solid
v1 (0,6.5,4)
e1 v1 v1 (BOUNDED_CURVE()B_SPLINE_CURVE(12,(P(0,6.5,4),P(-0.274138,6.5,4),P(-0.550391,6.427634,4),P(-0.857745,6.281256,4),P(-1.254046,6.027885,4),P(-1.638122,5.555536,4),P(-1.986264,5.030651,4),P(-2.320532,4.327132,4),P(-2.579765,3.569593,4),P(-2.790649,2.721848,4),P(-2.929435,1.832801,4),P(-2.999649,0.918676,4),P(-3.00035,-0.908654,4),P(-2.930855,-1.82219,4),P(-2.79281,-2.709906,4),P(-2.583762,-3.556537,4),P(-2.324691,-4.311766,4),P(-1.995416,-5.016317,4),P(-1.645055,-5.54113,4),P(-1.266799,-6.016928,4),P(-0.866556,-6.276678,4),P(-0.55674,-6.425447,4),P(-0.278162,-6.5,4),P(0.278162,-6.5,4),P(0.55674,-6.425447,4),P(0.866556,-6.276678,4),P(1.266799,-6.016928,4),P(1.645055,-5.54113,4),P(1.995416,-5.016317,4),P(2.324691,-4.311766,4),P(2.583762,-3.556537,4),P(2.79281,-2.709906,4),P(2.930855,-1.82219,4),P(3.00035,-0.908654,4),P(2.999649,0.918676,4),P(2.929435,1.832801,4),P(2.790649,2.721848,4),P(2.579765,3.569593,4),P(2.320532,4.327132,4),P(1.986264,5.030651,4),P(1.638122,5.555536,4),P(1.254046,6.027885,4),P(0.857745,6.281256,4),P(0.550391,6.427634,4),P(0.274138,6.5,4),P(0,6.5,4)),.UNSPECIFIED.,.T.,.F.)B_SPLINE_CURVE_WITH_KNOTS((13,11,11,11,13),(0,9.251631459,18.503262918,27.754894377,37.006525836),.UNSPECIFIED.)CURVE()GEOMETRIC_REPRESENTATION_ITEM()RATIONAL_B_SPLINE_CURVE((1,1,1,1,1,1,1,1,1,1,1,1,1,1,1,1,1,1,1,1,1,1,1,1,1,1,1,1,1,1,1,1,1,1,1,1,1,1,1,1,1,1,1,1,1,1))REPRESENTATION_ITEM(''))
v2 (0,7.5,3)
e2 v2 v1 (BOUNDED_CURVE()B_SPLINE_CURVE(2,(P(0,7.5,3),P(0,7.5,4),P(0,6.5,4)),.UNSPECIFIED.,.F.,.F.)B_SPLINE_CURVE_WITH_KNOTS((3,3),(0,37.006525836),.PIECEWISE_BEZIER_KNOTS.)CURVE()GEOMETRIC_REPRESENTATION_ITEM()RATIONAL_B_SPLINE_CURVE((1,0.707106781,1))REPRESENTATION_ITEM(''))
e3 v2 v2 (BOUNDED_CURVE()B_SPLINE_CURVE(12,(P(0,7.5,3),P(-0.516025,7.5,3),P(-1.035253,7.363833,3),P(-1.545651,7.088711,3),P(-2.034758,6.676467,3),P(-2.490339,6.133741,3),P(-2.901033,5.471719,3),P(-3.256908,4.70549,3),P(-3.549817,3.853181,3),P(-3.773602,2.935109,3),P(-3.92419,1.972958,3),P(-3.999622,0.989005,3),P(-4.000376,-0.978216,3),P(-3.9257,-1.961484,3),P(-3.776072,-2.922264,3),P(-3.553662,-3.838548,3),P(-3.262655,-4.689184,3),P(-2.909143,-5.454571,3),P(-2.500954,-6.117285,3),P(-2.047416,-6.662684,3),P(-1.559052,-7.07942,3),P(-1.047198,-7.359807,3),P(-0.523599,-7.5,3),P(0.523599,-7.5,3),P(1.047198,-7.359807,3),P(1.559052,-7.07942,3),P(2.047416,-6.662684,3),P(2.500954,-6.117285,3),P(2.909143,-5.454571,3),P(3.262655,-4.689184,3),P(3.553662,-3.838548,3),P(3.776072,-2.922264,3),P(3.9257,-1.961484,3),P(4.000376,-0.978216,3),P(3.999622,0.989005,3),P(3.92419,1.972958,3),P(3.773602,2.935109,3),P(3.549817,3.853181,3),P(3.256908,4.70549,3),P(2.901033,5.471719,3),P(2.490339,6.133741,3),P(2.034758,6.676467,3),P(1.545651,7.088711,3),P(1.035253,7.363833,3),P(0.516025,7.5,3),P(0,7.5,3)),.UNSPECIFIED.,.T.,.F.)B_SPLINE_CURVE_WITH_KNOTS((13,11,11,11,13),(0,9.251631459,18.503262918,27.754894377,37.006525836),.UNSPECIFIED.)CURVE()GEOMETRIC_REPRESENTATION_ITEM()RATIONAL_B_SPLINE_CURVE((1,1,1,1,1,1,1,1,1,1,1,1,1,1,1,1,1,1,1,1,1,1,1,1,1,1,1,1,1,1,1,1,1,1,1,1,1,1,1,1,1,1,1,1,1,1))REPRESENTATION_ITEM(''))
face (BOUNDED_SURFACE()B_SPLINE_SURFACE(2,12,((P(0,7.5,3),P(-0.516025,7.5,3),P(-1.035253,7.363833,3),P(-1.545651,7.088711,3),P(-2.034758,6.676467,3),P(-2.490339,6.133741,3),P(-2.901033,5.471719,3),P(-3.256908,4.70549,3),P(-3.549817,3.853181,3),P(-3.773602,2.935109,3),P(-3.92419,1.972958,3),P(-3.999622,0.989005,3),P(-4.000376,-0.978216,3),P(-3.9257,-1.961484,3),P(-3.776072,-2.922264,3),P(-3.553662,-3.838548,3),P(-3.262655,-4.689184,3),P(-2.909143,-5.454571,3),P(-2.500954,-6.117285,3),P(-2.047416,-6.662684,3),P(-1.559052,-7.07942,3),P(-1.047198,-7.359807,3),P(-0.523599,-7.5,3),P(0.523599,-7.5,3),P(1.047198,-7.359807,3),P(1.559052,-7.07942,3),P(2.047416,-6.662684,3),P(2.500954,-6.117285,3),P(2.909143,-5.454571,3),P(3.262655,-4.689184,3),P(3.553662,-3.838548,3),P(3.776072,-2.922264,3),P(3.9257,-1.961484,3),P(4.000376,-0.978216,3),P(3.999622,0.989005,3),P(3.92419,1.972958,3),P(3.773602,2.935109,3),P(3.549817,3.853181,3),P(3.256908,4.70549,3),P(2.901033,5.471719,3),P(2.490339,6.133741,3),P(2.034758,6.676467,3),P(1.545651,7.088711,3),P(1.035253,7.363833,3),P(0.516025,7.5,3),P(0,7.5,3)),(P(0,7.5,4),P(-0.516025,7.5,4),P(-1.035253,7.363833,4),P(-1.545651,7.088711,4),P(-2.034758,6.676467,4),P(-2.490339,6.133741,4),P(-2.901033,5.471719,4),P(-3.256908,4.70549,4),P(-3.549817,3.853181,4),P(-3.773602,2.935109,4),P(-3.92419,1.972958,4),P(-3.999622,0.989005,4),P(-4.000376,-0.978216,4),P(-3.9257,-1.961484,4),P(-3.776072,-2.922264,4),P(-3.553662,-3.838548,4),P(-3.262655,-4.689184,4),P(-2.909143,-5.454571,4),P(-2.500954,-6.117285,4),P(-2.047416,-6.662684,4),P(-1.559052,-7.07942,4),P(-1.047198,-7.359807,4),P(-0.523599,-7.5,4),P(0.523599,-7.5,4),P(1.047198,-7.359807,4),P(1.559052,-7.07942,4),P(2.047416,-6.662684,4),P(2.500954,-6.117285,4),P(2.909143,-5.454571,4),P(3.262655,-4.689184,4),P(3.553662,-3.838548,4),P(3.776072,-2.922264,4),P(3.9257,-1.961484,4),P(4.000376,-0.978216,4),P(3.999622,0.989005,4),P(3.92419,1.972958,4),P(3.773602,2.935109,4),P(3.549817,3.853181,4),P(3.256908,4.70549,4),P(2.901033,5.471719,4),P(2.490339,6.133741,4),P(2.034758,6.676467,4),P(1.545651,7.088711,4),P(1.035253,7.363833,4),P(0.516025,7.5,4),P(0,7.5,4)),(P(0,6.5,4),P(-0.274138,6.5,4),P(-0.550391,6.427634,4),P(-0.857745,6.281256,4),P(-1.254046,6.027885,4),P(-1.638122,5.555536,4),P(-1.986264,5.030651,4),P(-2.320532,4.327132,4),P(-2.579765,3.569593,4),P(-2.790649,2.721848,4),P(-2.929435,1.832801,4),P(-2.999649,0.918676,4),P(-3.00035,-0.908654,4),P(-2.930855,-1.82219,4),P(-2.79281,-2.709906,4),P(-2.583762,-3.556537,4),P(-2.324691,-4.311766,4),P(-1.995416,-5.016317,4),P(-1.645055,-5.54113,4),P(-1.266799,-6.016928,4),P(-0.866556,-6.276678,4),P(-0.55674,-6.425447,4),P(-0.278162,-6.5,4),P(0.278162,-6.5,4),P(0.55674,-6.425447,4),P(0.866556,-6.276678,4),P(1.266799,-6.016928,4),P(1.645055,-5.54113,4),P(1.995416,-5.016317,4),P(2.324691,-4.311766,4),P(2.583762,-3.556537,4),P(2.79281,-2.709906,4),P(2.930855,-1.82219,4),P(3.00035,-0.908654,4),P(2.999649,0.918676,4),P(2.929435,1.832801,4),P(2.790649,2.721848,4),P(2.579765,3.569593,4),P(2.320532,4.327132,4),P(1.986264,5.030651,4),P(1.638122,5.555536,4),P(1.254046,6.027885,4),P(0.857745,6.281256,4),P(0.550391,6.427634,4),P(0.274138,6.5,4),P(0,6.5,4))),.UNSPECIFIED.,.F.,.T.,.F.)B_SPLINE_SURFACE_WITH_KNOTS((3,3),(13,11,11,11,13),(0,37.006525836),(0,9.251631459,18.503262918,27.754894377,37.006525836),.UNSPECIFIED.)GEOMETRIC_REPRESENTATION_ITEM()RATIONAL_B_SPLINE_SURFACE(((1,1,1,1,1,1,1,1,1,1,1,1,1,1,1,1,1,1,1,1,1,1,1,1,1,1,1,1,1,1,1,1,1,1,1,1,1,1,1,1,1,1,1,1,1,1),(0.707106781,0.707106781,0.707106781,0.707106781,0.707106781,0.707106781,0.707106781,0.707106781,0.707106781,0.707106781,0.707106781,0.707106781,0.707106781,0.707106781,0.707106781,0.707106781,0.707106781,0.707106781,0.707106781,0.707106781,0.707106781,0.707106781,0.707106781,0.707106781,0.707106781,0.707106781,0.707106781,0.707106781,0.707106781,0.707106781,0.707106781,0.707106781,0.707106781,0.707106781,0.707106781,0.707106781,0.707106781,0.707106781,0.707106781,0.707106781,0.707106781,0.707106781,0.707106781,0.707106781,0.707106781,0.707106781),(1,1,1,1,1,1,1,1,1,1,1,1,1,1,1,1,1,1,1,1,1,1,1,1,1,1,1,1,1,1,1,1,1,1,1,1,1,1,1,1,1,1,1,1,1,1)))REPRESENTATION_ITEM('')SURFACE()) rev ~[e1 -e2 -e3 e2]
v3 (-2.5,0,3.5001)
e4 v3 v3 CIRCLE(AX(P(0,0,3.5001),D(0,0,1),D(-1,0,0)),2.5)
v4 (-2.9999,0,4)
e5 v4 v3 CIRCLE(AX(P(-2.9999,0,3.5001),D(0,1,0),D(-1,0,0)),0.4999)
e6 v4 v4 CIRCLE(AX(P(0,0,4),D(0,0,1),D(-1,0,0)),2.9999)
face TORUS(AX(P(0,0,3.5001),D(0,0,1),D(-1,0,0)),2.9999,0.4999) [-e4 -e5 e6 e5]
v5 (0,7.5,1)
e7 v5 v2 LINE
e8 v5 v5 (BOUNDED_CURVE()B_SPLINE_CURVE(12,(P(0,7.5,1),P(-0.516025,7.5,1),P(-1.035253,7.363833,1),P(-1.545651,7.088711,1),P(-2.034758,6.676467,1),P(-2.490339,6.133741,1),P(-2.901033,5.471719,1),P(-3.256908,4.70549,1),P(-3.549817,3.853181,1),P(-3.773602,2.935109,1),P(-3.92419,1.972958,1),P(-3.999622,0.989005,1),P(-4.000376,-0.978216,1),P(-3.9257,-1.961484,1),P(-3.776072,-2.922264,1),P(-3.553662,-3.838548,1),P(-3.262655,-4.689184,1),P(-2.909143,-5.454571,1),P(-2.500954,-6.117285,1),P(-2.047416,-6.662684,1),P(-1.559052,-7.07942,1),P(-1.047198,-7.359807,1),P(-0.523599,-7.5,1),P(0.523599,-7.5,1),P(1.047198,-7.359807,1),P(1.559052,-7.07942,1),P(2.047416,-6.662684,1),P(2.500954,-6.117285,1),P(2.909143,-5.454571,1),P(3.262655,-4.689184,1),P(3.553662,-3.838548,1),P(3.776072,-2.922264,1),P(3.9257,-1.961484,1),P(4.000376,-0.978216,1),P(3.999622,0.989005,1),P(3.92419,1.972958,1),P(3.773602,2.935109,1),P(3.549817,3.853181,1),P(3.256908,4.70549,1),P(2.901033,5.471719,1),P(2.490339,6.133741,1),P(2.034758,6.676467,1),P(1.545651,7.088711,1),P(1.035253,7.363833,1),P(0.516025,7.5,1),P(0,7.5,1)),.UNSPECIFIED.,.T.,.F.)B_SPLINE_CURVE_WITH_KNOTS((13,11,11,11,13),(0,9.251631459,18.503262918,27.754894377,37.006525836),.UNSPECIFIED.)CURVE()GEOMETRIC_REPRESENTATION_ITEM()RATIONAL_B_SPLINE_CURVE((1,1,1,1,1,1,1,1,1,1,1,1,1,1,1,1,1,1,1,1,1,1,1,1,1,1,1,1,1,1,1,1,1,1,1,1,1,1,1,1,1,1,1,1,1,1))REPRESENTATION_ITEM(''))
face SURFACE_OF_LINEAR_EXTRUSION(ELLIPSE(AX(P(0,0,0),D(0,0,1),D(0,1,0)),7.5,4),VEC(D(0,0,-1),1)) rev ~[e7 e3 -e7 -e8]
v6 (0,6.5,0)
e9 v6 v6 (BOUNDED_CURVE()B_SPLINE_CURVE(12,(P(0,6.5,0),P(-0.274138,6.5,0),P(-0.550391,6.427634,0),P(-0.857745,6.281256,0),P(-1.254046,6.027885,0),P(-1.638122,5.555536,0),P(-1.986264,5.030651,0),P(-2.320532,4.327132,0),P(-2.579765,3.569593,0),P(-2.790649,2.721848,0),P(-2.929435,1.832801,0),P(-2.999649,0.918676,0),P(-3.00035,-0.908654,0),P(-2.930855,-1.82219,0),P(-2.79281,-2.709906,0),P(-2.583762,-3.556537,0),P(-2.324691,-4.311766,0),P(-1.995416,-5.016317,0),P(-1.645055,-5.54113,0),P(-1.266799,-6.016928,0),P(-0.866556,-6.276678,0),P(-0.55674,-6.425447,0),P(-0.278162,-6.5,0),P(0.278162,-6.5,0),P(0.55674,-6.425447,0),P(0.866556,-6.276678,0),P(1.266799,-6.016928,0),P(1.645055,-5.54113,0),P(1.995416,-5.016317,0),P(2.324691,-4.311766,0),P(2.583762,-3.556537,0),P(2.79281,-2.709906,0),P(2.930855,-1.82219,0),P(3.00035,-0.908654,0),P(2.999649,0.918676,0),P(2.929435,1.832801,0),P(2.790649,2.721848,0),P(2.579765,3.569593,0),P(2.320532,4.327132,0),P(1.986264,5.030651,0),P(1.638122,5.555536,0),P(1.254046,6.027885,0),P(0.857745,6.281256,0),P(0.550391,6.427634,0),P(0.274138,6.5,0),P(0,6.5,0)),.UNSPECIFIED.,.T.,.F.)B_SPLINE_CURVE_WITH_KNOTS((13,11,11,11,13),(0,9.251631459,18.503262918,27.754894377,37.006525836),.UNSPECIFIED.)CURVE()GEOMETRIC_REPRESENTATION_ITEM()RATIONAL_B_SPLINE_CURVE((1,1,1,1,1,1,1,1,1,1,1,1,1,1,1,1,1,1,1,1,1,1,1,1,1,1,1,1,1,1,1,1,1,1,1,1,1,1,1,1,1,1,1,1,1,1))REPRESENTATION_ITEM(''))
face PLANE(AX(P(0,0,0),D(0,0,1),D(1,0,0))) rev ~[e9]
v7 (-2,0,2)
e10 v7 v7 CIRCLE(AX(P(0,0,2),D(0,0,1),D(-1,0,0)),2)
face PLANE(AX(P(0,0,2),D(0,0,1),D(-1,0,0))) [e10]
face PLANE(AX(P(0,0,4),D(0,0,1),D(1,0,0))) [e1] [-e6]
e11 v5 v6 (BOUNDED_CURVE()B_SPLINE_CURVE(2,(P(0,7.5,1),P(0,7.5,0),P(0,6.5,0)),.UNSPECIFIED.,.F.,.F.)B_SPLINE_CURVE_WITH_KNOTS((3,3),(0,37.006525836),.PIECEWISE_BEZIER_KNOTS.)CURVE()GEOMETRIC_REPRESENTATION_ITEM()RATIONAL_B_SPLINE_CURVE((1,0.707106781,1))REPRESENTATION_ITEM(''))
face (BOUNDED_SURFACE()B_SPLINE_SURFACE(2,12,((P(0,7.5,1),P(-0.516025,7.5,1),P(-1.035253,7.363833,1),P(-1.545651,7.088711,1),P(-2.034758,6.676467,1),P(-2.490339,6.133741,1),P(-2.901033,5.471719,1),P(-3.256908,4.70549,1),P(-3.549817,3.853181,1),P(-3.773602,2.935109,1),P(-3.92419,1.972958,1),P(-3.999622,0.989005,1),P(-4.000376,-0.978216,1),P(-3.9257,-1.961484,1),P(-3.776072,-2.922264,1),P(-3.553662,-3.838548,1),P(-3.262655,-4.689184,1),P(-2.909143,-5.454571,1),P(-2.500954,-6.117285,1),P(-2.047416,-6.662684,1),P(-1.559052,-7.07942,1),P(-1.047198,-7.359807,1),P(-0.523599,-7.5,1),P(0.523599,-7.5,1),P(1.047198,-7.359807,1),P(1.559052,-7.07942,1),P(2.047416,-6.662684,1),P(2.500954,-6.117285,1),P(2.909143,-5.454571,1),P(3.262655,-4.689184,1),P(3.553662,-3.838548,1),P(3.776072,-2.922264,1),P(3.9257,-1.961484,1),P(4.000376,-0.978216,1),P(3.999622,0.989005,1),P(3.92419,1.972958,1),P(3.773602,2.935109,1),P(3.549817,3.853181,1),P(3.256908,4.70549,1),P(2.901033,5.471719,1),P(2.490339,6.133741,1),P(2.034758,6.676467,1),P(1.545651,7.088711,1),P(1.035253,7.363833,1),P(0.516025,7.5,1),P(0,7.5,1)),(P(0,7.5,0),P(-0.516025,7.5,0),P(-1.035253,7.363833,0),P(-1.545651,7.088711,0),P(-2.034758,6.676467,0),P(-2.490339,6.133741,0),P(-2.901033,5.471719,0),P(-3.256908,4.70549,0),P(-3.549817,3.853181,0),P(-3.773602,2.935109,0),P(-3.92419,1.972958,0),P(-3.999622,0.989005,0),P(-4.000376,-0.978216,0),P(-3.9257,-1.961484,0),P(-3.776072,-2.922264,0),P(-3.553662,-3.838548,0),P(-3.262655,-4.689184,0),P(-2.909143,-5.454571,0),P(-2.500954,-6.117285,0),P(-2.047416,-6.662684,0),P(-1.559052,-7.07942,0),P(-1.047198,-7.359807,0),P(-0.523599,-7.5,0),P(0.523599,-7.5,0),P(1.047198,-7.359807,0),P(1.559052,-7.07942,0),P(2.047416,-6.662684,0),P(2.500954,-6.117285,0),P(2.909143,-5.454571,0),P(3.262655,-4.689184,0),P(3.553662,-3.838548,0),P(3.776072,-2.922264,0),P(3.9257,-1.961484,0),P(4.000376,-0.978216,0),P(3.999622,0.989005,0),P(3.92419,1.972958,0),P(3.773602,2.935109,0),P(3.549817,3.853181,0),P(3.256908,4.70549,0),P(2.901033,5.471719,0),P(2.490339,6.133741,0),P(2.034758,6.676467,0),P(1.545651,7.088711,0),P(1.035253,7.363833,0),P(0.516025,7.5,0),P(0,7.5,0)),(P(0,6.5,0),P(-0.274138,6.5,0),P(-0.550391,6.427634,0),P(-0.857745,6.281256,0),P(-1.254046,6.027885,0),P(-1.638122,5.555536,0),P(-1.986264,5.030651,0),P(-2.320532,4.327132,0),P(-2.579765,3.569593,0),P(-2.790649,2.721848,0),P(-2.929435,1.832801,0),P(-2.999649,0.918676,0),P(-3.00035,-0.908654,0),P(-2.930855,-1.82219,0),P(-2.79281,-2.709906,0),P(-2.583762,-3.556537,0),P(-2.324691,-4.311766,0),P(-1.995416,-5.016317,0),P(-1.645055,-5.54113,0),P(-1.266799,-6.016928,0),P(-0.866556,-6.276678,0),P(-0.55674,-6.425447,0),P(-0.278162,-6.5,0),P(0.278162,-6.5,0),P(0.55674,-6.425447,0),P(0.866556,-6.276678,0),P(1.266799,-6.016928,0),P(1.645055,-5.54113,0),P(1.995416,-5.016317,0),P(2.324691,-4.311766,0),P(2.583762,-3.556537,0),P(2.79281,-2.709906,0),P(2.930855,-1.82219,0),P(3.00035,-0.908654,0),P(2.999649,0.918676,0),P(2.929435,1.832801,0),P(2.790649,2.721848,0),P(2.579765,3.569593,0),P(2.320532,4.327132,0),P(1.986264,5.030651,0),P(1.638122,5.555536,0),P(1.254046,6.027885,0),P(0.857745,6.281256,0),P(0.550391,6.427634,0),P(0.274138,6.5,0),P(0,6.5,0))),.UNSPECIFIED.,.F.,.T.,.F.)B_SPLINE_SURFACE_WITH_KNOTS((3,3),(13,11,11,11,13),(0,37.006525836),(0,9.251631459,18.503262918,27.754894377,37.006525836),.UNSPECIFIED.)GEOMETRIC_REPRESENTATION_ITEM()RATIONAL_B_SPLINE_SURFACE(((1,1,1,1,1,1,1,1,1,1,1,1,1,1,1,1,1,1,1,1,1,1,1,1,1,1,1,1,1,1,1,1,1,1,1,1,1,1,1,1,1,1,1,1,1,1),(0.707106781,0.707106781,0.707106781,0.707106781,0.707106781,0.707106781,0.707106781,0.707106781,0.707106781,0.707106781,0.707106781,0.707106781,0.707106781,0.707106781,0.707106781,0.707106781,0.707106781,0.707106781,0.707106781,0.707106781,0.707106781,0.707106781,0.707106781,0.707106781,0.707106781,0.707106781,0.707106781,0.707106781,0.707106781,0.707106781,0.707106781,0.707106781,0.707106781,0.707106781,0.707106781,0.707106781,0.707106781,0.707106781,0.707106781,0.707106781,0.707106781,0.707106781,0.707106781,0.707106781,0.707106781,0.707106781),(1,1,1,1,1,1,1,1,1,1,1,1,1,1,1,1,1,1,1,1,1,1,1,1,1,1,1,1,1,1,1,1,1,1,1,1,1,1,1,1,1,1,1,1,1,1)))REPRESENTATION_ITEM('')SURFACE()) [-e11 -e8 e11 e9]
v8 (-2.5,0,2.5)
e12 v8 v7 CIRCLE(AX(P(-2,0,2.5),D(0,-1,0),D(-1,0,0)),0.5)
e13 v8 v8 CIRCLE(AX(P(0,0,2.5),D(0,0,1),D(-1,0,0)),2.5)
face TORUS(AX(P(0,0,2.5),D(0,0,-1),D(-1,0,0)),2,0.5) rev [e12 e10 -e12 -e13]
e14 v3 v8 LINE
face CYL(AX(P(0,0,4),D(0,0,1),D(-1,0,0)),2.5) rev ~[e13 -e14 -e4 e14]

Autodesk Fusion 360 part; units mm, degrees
sketch "Sketch1" plane through (0, 0, 0) normal (0, 0, 1) x (1, 0, 0)
  ellipse E0 centre (0, 0) end of major axis (0, 7.5) minor radius 4
  line L0 (0, -7.5) -> (0, 7.5) construction
  line L1 (4, 0) -> (-4, 0) construction
  dimension "d1" = 15
  dimension "d2" = 8
extrude "Extrude1" add sketch "Sketch1" along normal blind 4
fillet "Fillet1" radius 1 1 faces at (-1.3236, 0.0107, 4)
fillet "Fillet2" radius 1 1 faces at (-1.3236, 0.0107, 0)
sketch "Sketch2" plane through (0, 0, 4) normal (0, 0, 1) x (-1, 0, 0)
  spline S0 degree 3 poles (0, 6.5) (0.1564, 6.5) (0.3119, 6.4662) (0.6708, 6.3245) (0.8631, 6.1929) (1.358, 5.7588) (1.6148, 5.4081) (2.2677, 4.2924) (2.5437, 3.4618) (2.8895, 1.8705) (2.9754, 1.1073) (3.0147, -0.3882) (2.9734, -1.1223) (2.7876, -2.3869) (2.6722, -2.9212) (2.3792, -3.8773) (2.2153, -4.3037) (1.8676, -4.9911) (1.7055, -5.2626) (1.3451, -5.7425) (1.1515, -5.9556) (0.7579, -6.2645) (0.5702, -6.3765) (0.2152, -6.4892) (0.0561, -6.5094) (-0.1918, -6.4875) (-0.2818, -6.4684) (-0.687, -6.3384) (-0.9609, -6.1288) (-1.5465, -5.5328) (-1.8165, -5.1021) (-2.4831, -3.7522) (-2.7377, -2.7673) (-3.0012, -0.8941) (-3.0304, -0.0028) (-2.9314, 1.4501) (-2.8553, 2.0161) (-2.6454, 3.0019) (-2.529, 3.4248) (-2.277, 4.1304) (-2.1564, 4.4188) (-1.8857, 4.9565) (-1.7386, 5.2073) (-1.4536, 5.6032) (-1.3274, 5.7567) (-1.0487, 6.0386) (-0.896, 6.1674) (-0.6081, 6.3456) (-0.4806, 6.407) (-0.2341, 6.4813) (-0.1172, 6.5) (0, 6.5) knots -3.141593 -3.141593 -3.141593 -3.141593 -3.045564 -3.045564 -2.90463 -2.90463 -2.641285 -2.641285 -2.110746 -2.110746 -1.641185 -1.641185 -1.191441 -1.191441 -0.856163 -0.856163 -0.5769 -0.5769 -0.3833 -0.3833 -0.208122 -0.208122 -0.076037 -0.076037 0.020583 0.020583 0.076788 0.076788 0.281874 0.281874 0.589921 0.589921 1.206479 1.206479 1.75165 1.75165 2.101341 2.101341 2.370334 2.370334 2.562138 2.562138 2.739908 2.739908 2.861709 2.861709 2.98347 2.98347 3.069636 3.069636 3.141593 3.141593 3.141593 3.141593
  circle A0 centre (0, 0) radius 2.5
  dimension "d9" = 5
extrude "Extrude2" cut sketch "Sketch2" against normal blind 2 contours A0
fillet "Fillet5" radius 0.5 1 edges at (2.3308, -0.904, 4)
fillet "Fillet6" radius 0.5 1 edges at (2.3308, -0.904, 2)
